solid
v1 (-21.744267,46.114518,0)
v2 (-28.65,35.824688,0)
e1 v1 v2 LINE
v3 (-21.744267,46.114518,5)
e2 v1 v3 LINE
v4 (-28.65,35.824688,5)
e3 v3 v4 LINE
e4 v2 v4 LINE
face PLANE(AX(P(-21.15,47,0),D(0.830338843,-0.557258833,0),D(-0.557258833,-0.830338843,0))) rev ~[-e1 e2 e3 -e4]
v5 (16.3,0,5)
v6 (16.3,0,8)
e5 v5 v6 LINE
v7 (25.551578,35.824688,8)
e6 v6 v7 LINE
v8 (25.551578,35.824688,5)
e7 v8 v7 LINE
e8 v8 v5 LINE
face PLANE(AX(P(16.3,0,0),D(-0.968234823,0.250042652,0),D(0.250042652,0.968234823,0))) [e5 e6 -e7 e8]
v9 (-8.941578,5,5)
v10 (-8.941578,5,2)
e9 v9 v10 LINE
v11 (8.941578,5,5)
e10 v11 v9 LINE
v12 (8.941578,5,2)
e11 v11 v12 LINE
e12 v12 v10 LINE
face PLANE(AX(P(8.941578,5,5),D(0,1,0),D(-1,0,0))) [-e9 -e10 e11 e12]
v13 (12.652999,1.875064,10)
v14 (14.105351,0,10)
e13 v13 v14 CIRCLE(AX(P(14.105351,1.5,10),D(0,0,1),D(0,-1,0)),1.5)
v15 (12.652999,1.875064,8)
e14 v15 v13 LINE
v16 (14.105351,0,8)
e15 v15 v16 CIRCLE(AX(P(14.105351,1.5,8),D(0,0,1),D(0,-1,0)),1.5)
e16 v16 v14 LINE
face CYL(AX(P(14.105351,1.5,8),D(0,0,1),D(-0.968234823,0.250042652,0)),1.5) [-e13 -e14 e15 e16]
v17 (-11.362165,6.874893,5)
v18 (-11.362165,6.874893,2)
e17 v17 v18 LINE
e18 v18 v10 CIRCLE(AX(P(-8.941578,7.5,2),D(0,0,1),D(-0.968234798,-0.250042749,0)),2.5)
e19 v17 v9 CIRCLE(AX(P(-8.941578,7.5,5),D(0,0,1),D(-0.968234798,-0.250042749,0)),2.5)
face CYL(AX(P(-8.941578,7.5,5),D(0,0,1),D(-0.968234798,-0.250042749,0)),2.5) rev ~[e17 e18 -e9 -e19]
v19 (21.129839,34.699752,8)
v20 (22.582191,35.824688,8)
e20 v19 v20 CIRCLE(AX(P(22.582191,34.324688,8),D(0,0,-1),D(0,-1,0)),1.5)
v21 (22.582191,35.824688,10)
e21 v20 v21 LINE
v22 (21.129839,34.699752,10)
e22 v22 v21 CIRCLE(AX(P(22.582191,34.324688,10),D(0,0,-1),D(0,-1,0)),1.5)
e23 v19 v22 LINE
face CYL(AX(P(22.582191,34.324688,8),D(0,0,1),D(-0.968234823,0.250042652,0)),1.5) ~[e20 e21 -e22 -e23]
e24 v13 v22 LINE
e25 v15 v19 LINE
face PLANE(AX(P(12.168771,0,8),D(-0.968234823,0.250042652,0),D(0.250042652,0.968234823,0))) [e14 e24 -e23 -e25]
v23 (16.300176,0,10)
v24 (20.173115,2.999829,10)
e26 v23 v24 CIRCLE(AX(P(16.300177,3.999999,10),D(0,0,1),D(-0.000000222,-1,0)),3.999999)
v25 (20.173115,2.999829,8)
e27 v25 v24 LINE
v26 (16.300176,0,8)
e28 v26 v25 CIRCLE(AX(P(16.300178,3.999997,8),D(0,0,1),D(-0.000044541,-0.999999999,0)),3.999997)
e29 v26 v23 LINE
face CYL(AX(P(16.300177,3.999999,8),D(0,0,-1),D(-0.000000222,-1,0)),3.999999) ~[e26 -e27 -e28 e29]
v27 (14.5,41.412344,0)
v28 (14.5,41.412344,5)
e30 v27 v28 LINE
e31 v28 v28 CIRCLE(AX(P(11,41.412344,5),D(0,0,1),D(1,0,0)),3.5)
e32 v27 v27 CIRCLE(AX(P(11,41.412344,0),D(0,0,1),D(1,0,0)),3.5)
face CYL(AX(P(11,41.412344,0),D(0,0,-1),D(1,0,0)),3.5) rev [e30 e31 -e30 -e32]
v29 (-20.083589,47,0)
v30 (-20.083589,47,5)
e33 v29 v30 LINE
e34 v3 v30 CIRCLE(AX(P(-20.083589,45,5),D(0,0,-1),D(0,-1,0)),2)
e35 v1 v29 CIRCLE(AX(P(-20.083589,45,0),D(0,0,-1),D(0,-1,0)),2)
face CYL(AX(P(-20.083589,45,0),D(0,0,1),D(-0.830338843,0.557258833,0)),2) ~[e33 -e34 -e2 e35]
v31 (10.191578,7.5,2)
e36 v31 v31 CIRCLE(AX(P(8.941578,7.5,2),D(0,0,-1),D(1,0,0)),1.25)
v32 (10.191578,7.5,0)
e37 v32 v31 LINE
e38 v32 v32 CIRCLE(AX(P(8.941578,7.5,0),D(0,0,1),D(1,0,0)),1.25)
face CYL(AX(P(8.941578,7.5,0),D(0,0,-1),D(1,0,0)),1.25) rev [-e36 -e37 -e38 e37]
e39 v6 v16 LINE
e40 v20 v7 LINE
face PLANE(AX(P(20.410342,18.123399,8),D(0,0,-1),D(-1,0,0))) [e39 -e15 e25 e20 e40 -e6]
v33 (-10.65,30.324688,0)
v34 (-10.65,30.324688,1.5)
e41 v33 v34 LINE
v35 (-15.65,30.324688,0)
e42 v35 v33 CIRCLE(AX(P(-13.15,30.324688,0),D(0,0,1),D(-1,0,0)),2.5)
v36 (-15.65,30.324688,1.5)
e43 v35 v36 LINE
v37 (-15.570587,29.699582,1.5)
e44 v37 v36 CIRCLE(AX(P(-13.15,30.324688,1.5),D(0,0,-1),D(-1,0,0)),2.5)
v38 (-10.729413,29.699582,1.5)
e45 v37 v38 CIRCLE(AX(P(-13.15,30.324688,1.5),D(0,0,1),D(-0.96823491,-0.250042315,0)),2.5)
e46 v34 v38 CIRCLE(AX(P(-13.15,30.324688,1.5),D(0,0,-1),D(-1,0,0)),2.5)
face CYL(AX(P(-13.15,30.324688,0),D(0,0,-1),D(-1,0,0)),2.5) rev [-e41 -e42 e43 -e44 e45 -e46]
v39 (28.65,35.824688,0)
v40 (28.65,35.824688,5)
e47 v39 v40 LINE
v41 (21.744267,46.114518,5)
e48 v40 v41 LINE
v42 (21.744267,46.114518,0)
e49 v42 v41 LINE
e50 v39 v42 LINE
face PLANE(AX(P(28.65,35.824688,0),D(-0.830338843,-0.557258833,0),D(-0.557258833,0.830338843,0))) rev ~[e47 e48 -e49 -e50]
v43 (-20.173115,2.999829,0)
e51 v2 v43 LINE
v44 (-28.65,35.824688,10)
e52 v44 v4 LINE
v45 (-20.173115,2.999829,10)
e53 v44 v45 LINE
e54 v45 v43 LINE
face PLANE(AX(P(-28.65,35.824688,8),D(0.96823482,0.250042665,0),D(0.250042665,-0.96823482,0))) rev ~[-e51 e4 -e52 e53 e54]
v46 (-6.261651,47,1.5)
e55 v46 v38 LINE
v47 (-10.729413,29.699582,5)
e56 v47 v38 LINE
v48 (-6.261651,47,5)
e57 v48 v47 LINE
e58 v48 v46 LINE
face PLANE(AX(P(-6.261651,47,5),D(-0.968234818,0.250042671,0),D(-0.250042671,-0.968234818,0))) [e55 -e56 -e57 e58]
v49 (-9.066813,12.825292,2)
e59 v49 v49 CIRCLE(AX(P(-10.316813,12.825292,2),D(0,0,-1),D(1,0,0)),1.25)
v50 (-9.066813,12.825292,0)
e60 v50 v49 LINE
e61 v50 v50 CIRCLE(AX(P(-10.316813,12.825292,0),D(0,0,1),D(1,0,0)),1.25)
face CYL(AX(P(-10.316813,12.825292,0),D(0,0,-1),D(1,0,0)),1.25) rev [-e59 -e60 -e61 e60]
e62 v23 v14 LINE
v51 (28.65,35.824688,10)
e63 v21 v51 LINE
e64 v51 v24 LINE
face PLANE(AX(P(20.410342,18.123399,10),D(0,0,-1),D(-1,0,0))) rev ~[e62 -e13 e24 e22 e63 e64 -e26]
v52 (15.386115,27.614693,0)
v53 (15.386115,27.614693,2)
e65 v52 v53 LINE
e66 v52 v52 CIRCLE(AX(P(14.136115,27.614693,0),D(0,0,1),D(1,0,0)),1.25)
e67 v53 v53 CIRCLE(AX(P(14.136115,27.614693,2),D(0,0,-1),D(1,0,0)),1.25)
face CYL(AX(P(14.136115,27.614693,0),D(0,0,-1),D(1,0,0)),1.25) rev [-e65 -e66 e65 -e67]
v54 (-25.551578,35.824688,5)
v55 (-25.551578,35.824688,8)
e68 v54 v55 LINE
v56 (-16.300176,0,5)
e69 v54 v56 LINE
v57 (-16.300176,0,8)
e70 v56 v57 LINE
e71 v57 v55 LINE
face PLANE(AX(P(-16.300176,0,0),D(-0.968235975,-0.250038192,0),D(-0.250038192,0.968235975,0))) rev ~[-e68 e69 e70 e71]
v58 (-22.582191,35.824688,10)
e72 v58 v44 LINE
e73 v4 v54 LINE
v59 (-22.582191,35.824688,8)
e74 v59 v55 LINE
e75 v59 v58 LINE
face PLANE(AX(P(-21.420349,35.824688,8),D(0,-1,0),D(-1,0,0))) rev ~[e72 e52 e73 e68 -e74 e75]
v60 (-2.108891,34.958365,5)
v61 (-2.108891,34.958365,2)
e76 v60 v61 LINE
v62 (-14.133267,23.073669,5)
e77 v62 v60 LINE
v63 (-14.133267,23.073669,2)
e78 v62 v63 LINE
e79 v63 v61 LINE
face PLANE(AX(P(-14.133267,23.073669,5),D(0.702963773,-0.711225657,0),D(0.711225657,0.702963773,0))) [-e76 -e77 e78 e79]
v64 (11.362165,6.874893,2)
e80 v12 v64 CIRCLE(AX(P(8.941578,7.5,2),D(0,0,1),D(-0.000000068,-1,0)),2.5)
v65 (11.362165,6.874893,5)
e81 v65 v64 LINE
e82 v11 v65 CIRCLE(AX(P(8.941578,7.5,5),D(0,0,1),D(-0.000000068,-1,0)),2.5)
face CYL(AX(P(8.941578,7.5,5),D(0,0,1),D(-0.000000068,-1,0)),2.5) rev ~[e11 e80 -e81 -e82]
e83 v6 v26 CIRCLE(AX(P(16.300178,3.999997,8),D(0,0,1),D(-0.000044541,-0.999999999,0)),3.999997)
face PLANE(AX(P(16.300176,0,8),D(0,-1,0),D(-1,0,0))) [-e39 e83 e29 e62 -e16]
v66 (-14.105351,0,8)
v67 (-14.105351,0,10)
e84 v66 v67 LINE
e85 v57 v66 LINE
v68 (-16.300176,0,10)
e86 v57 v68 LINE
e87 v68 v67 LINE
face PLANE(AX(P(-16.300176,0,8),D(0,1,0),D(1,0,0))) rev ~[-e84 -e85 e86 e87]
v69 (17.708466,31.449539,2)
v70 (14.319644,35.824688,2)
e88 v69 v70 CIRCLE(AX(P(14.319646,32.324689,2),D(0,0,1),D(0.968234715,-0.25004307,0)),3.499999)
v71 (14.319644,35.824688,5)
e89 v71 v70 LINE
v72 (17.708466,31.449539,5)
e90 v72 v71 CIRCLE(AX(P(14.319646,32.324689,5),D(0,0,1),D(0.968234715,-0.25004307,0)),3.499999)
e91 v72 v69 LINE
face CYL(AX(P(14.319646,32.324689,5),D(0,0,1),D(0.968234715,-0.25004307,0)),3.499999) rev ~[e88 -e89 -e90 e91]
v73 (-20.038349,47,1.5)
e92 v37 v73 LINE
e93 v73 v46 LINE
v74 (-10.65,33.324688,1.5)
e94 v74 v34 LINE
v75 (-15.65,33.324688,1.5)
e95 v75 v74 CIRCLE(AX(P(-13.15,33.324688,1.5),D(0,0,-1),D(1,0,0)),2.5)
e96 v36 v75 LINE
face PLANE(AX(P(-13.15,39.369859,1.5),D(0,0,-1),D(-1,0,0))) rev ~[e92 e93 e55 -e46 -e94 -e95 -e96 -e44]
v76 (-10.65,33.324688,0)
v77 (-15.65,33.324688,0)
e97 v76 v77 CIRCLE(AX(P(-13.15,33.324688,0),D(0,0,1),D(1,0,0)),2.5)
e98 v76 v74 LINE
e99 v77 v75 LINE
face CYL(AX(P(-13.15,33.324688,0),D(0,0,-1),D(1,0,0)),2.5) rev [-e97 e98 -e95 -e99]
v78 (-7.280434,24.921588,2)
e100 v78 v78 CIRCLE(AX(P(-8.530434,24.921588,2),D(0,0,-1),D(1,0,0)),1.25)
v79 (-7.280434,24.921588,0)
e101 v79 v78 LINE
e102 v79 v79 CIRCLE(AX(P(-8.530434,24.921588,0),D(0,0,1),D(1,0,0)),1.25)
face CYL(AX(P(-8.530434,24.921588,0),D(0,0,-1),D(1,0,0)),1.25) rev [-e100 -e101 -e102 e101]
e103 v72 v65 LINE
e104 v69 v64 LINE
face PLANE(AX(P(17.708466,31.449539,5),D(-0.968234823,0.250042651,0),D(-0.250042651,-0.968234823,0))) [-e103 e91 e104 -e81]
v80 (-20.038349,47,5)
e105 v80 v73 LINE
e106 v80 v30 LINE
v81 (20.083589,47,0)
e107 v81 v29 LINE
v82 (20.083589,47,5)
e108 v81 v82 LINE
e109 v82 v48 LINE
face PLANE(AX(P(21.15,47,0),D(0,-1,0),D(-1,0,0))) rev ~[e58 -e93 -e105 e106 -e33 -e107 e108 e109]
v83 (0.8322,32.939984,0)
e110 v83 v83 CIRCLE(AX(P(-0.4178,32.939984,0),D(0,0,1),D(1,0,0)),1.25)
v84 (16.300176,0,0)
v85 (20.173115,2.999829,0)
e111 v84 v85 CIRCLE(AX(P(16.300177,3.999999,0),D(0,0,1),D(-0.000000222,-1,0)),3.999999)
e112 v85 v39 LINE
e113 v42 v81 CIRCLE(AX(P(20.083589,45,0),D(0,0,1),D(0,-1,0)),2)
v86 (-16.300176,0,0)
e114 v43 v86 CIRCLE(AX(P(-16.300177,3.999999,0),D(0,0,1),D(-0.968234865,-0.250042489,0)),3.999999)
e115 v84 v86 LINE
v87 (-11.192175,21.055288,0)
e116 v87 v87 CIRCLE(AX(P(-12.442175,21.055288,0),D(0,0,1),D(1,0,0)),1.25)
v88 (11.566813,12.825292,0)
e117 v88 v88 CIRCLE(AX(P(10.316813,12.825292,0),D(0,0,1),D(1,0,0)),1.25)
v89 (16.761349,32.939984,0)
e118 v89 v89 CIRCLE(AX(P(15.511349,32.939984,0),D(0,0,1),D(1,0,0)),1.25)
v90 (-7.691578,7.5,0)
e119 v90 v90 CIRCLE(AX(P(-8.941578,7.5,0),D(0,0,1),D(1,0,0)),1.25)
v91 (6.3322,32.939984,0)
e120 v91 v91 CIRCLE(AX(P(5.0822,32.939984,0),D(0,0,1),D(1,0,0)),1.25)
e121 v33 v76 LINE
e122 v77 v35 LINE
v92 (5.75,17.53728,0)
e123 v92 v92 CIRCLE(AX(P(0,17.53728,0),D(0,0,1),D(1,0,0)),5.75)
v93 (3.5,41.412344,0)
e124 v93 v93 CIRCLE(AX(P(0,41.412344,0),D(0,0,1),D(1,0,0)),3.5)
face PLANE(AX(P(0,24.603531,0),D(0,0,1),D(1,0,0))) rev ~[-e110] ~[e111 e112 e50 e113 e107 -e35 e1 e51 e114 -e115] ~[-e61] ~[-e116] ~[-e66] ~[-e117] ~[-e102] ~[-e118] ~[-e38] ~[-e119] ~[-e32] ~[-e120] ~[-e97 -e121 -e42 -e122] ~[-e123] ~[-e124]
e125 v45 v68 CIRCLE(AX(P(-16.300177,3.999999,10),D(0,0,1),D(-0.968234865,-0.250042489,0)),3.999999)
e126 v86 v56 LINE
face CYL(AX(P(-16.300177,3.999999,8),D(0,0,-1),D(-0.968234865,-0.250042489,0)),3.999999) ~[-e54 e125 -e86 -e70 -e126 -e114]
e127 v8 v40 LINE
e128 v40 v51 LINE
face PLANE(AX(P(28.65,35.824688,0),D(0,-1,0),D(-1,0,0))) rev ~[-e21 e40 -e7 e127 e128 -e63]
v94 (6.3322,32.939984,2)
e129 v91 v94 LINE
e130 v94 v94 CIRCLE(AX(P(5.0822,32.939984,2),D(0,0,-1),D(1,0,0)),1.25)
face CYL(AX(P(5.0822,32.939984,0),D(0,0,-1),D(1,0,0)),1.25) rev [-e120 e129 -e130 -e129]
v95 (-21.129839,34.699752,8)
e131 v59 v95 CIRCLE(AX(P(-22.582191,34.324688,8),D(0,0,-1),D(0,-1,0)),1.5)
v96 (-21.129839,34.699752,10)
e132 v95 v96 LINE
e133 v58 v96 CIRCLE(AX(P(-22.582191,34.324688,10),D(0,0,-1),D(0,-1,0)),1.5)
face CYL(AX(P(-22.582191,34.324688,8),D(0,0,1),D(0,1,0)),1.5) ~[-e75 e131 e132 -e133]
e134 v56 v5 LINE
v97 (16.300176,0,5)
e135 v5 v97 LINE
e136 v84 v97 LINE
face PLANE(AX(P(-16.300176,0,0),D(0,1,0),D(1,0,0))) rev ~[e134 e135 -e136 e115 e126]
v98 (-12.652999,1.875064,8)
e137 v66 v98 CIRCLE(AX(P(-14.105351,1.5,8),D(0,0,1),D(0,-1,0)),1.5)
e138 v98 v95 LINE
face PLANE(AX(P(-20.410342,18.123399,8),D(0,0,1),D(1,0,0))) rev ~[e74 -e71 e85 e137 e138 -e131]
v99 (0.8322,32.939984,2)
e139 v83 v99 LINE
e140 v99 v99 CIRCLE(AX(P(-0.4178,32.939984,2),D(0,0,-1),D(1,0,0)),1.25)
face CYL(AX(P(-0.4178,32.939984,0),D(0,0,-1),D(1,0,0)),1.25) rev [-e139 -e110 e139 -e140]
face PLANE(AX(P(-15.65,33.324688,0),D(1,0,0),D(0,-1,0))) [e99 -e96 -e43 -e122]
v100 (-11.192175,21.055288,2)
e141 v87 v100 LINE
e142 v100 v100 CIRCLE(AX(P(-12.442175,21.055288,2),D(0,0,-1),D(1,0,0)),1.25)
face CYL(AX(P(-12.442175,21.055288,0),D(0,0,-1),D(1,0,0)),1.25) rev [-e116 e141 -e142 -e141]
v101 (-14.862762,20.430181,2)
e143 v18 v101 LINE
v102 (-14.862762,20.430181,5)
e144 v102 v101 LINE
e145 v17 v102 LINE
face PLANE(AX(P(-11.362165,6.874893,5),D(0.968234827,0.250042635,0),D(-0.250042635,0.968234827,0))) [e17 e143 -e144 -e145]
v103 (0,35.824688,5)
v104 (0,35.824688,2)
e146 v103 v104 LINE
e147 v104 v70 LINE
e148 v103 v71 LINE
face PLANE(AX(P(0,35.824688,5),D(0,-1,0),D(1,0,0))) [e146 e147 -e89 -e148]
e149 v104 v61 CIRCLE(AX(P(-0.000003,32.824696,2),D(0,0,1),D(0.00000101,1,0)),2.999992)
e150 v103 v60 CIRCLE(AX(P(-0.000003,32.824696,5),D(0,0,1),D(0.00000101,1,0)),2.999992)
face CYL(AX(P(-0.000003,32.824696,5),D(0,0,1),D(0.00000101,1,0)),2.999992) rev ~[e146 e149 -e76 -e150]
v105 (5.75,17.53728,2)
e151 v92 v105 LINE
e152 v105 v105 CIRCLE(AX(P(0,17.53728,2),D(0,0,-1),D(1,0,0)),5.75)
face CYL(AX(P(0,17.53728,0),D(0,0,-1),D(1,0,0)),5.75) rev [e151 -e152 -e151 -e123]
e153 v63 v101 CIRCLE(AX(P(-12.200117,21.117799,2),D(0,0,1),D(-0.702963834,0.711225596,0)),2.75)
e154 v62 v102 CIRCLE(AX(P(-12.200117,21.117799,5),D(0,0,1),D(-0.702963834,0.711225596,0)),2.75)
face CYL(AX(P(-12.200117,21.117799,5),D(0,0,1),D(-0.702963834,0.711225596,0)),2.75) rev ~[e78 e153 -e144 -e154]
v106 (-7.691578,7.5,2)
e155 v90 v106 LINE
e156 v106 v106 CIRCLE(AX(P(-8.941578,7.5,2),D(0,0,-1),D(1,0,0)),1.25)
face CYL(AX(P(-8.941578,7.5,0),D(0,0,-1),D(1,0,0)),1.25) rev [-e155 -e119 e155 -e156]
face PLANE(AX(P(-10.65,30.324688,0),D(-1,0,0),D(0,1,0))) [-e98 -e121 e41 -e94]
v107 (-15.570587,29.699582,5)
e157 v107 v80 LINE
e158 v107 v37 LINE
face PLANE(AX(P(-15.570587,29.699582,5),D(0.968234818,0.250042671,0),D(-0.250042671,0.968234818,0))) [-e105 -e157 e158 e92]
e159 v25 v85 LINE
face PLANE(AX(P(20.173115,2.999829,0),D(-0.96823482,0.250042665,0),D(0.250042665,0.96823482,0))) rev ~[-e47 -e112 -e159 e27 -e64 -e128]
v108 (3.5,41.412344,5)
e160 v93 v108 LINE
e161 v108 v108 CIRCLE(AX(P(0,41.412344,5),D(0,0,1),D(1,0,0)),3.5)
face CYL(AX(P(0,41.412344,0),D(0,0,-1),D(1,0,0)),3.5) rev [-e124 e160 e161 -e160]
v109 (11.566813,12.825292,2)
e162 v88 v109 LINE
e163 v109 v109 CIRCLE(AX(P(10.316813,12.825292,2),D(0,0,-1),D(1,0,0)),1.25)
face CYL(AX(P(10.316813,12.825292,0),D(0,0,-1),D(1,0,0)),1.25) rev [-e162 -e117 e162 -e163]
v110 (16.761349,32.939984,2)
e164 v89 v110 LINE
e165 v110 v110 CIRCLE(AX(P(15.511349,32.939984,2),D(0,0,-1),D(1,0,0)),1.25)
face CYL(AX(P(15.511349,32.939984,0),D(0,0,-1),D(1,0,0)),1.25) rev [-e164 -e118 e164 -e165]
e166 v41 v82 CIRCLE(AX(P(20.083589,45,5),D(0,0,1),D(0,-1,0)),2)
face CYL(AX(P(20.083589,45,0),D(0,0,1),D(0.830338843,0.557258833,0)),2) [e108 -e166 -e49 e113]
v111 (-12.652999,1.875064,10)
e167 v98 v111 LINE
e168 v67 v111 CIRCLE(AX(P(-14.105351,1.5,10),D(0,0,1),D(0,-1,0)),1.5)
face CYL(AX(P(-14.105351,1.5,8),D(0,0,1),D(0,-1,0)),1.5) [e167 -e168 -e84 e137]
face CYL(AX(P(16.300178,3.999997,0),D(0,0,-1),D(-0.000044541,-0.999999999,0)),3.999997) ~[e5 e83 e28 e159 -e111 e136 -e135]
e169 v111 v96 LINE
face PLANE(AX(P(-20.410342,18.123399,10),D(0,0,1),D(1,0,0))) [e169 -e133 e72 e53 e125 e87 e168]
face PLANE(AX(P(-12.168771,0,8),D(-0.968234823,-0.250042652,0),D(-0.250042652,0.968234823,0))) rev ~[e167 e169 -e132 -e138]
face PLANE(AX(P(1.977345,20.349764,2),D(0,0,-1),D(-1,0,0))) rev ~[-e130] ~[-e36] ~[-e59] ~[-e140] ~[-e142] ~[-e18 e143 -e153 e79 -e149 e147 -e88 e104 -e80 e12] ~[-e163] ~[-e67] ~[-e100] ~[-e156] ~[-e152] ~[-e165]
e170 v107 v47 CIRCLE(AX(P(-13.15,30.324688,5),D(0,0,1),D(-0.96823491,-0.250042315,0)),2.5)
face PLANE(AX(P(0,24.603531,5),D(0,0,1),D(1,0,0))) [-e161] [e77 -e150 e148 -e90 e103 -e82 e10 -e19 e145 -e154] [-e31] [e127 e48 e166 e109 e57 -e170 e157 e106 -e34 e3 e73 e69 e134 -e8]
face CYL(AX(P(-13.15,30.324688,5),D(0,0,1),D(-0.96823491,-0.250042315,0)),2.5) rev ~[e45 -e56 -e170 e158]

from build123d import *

# Parameters (mm, degrees)
SKETCH001_R     = 5.75
SKETCH001_R_2   = 3.5
SKETCH001_R_3   = 1.25
PAD_DEPTH       = 5
PAD001_DEPTH    = 8
PAD002_DEPTH    = 2
FILLET_R        = 1.5
POCKET_DEPTH    = 3
POCKET001_DEPTH = 3.5
FILLET001_R     = 2


with BuildPart() as part:
    # Sketch001 → Pad (new body)
    with BuildSketch(Plane.XY):
        with BuildLine():
            Line((-21.15, 47), (-28.65, 35.824688))
            Line((-28.65, 35.824688), (-20.173115, 2.999829))
            ThreePointArc((-20.173115, 2.999829), (-18.749596, 0.837668), (-16.300176, 0))
            Line((-16.300176, 0), (16.300176, 0))
            ThreePointArc((16.300176, 0), (18.749596, 0.837668), (20.173115, 2.999829))
            Line((20.173115, 2.999829), (28.65, 35.824688))
            Line((28.65, 35.824688), (21.15, 47))
            Line((21.15, 47), (-21.15, 47))
        make_face()
        with Locations((0, 17.53728)):
            Circle(SKETCH001_R, mode=Mode.SUBTRACT)
        with Locations((0, 41.412344)):
            Circle(SKETCH001_R_2, mode=Mode.SUBTRACT)
        with Locations((11, 41.412344)):
            Circle(SKETCH001_R_2, mode=Mode.SUBTRACT)
        with Locations((-8.941578, 7.5)):
            Circle(SKETCH001_R_3, mode=Mode.SUBTRACT)
        with Locations((-10.316813, 12.825292)):
            Circle(SKETCH001_R_3, mode=Mode.SUBTRACT)
        with Locations((-12.442175, 21.055288)):
            Circle(SKETCH001_R_3, mode=Mode.SUBTRACT)
        with Locations((-8.530434, 24.921588)):
            Circle(SKETCH001_R_3, mode=Mode.SUBTRACT)
        with Locations((8.941578, 7.5)):
            Circle(SKETCH001_R_3, mode=Mode.SUBTRACT)
        with Locations((10.316813, 12.825292)):
            Circle(SKETCH001_R_3, mode=Mode.SUBTRACT)
        with Locations((14.136115, 27.614693)):
            Circle(SKETCH001_R_3, mode=Mode.SUBTRACT)
        with Locations((15.511349, 32.939984)):
            Circle(SKETCH001_R_3, mode=Mode.SUBTRACT)
        with Locations((5.0822, 32.939984)):
            Circle(SKETCH001_R_3, mode=Mode.SUBTRACT)
        with Locations((-0.4178, 32.939984)):
            Circle(SKETCH001_R_3, mode=Mode.SUBTRACT)
        with BuildLine():
            ThreePointArc((-10.65, 33.324688), (-13.15, 35.824688), (-15.65, 33.324688))
            Line((-15.65, 33.324688), (-15.65, 30.324688))
            ThreePointArc((-15.65, 30.324688), (-13.15, 27.824688), (-10.65, 30.324688))
            Line((-10.65, 30.324688), (-10.65, 33.324688))
        make_face(mode=Mode.SUBTRACT)
    extrude(amount=PAD_DEPTH)

    # Sketch002 → Pad001 (join)
    with BuildSketch(Plane.XY):
        with BuildLine():
            Line((-25.551578, 35.824688), (-28.65, 35.824688))
            Line((-28.65, 35.824688), (-20.173115, 2.999829))
            ThreePointArc((-20.173115, 2.999829), (-18.749596, 0.837668), (-16.300176, 0))
            Line((-16.300176, 0), (-25.551578, 35.824688))
        make_face()
        with BuildLine():
            Line((28.65, 35.824688), (25.551578, 35.824688))
            Line((16.3, 0), (25.551578, 35.824688))
            ThreePointArc((16.3, 0), (18.749527, 0.837614), (20.173115, 2.999829))
            Line((28.65, 35.824688), (20.173115, 2.999829))
        make_face()
    extrude(amount=PAD001_DEPTH)

    # Sketch003 → Pad002 (join)
    with BuildSketch(Plane.XY.offset(8)):
        with BuildLine():
            Line((-16.300176, 0), (-12.168771, 0))
            Line((-12.168771, 0), (-21.420349, 35.824688))
            Line((-21.420349, 35.824688), (-28.65, 35.824688))
            Line((-28.65, 35.824688), (-20.173115, 2.999829))
            ThreePointArc((-20.173115, 2.999829), (-18.749596, 0.837668), (-16.300176, 0))
        make_face()
        with BuildLine():
            Line((16.300176, 0), (12.168771, 0))
            Line((12.168771, 0), (21.420349, 35.824688))
            Line((21.420349, 35.824688), (28.65, 35.824688))
            Line((28.65, 35.824688), (20.173115, 2.999829))
            ThreePointArc((16.300176, 0), (18.749596, 0.837668), (20.173115, 2.999829))
        make_face()
    extrude(amount=PAD002_DEPTH)

    # Fillet
    fillet_edges = [part.edges().sort_by_distance(p)[0] for p in [
        (-12.168771, 0, 9),
        (12.168771, 0, 9),
        (-21.420349, 35.824688, 9),
        (21.420349, 35.824688, 9),
    ]]
    fillet(fillet_edges, radius=FILLET_R)

    # Sketch004 (on DatumPlane) → Pocket (cut)
    with BuildSketch(Plane.XY.offset(5)):
        with BuildLine():
            Line((-11.362165, 6.874893), (-14.862762, 20.430181))
            ThreePointArc((-14.133267, 23.073669), (-14.85103, 21.849343), (-14.862762, 20.430181))
            Line((-14.133267, 23.073669), (-2.108891, 34.958365))
            ThreePointArc((0, 35.824688), (-1.139949, 35.599669), (-2.108891, 34.958365))
            Line((0, 35.824688), (14.319644, 35.824688))
            ThreePointArc((17.708466, 31.449539), (17.086685, 34.467931), (14.319644, 35.824688))
            Line((17.708466, 31.449539), (11.362165, 6.874893))
            ThreePointArc((8.941578, 5), (10.472466, 5.523543), (11.362165, 6.874893))
            Line((8.941578, 5), (-8.941578, 5))
            ThreePointArc((-11.362165, 6.874893), (-10.472466, 5.523543), (-8.941578, 5))
        make_face()
    extrude(amount=-POCKET_DEPTH, mode=Mode.SUBTRACT)

    # Sketch005 (on DatumPlane) → Pocket001 (cut)
    with BuildSketch(Plane.XY.offset(5)):
        with BuildLine():
            Line((-6.261651, 47), (-10.729413, 29.699582))
            ThreePointArc((-15.570587, 29.699582), (-13.15, 27.824688), (-10.729413, 29.699582))
            Line((-15.570587, 29.699582), (-20.038349, 47))
            Line((-20.038349, 47), (-6.261651, 47))
        make_face()
    extrude(amount=-POCKET001_DEPTH, mode=Mode.SUBTRACT)

    # Fillet001
    fillet001_edges = [part.edges().sort_by_distance(p)[0] for p in [
        (-21.15, 47, 2.5),
        (21.15, 47, 2.5),
    ]]
    fillet(fillet001_edges, radius=FILLET001_R)


solid = part.part
